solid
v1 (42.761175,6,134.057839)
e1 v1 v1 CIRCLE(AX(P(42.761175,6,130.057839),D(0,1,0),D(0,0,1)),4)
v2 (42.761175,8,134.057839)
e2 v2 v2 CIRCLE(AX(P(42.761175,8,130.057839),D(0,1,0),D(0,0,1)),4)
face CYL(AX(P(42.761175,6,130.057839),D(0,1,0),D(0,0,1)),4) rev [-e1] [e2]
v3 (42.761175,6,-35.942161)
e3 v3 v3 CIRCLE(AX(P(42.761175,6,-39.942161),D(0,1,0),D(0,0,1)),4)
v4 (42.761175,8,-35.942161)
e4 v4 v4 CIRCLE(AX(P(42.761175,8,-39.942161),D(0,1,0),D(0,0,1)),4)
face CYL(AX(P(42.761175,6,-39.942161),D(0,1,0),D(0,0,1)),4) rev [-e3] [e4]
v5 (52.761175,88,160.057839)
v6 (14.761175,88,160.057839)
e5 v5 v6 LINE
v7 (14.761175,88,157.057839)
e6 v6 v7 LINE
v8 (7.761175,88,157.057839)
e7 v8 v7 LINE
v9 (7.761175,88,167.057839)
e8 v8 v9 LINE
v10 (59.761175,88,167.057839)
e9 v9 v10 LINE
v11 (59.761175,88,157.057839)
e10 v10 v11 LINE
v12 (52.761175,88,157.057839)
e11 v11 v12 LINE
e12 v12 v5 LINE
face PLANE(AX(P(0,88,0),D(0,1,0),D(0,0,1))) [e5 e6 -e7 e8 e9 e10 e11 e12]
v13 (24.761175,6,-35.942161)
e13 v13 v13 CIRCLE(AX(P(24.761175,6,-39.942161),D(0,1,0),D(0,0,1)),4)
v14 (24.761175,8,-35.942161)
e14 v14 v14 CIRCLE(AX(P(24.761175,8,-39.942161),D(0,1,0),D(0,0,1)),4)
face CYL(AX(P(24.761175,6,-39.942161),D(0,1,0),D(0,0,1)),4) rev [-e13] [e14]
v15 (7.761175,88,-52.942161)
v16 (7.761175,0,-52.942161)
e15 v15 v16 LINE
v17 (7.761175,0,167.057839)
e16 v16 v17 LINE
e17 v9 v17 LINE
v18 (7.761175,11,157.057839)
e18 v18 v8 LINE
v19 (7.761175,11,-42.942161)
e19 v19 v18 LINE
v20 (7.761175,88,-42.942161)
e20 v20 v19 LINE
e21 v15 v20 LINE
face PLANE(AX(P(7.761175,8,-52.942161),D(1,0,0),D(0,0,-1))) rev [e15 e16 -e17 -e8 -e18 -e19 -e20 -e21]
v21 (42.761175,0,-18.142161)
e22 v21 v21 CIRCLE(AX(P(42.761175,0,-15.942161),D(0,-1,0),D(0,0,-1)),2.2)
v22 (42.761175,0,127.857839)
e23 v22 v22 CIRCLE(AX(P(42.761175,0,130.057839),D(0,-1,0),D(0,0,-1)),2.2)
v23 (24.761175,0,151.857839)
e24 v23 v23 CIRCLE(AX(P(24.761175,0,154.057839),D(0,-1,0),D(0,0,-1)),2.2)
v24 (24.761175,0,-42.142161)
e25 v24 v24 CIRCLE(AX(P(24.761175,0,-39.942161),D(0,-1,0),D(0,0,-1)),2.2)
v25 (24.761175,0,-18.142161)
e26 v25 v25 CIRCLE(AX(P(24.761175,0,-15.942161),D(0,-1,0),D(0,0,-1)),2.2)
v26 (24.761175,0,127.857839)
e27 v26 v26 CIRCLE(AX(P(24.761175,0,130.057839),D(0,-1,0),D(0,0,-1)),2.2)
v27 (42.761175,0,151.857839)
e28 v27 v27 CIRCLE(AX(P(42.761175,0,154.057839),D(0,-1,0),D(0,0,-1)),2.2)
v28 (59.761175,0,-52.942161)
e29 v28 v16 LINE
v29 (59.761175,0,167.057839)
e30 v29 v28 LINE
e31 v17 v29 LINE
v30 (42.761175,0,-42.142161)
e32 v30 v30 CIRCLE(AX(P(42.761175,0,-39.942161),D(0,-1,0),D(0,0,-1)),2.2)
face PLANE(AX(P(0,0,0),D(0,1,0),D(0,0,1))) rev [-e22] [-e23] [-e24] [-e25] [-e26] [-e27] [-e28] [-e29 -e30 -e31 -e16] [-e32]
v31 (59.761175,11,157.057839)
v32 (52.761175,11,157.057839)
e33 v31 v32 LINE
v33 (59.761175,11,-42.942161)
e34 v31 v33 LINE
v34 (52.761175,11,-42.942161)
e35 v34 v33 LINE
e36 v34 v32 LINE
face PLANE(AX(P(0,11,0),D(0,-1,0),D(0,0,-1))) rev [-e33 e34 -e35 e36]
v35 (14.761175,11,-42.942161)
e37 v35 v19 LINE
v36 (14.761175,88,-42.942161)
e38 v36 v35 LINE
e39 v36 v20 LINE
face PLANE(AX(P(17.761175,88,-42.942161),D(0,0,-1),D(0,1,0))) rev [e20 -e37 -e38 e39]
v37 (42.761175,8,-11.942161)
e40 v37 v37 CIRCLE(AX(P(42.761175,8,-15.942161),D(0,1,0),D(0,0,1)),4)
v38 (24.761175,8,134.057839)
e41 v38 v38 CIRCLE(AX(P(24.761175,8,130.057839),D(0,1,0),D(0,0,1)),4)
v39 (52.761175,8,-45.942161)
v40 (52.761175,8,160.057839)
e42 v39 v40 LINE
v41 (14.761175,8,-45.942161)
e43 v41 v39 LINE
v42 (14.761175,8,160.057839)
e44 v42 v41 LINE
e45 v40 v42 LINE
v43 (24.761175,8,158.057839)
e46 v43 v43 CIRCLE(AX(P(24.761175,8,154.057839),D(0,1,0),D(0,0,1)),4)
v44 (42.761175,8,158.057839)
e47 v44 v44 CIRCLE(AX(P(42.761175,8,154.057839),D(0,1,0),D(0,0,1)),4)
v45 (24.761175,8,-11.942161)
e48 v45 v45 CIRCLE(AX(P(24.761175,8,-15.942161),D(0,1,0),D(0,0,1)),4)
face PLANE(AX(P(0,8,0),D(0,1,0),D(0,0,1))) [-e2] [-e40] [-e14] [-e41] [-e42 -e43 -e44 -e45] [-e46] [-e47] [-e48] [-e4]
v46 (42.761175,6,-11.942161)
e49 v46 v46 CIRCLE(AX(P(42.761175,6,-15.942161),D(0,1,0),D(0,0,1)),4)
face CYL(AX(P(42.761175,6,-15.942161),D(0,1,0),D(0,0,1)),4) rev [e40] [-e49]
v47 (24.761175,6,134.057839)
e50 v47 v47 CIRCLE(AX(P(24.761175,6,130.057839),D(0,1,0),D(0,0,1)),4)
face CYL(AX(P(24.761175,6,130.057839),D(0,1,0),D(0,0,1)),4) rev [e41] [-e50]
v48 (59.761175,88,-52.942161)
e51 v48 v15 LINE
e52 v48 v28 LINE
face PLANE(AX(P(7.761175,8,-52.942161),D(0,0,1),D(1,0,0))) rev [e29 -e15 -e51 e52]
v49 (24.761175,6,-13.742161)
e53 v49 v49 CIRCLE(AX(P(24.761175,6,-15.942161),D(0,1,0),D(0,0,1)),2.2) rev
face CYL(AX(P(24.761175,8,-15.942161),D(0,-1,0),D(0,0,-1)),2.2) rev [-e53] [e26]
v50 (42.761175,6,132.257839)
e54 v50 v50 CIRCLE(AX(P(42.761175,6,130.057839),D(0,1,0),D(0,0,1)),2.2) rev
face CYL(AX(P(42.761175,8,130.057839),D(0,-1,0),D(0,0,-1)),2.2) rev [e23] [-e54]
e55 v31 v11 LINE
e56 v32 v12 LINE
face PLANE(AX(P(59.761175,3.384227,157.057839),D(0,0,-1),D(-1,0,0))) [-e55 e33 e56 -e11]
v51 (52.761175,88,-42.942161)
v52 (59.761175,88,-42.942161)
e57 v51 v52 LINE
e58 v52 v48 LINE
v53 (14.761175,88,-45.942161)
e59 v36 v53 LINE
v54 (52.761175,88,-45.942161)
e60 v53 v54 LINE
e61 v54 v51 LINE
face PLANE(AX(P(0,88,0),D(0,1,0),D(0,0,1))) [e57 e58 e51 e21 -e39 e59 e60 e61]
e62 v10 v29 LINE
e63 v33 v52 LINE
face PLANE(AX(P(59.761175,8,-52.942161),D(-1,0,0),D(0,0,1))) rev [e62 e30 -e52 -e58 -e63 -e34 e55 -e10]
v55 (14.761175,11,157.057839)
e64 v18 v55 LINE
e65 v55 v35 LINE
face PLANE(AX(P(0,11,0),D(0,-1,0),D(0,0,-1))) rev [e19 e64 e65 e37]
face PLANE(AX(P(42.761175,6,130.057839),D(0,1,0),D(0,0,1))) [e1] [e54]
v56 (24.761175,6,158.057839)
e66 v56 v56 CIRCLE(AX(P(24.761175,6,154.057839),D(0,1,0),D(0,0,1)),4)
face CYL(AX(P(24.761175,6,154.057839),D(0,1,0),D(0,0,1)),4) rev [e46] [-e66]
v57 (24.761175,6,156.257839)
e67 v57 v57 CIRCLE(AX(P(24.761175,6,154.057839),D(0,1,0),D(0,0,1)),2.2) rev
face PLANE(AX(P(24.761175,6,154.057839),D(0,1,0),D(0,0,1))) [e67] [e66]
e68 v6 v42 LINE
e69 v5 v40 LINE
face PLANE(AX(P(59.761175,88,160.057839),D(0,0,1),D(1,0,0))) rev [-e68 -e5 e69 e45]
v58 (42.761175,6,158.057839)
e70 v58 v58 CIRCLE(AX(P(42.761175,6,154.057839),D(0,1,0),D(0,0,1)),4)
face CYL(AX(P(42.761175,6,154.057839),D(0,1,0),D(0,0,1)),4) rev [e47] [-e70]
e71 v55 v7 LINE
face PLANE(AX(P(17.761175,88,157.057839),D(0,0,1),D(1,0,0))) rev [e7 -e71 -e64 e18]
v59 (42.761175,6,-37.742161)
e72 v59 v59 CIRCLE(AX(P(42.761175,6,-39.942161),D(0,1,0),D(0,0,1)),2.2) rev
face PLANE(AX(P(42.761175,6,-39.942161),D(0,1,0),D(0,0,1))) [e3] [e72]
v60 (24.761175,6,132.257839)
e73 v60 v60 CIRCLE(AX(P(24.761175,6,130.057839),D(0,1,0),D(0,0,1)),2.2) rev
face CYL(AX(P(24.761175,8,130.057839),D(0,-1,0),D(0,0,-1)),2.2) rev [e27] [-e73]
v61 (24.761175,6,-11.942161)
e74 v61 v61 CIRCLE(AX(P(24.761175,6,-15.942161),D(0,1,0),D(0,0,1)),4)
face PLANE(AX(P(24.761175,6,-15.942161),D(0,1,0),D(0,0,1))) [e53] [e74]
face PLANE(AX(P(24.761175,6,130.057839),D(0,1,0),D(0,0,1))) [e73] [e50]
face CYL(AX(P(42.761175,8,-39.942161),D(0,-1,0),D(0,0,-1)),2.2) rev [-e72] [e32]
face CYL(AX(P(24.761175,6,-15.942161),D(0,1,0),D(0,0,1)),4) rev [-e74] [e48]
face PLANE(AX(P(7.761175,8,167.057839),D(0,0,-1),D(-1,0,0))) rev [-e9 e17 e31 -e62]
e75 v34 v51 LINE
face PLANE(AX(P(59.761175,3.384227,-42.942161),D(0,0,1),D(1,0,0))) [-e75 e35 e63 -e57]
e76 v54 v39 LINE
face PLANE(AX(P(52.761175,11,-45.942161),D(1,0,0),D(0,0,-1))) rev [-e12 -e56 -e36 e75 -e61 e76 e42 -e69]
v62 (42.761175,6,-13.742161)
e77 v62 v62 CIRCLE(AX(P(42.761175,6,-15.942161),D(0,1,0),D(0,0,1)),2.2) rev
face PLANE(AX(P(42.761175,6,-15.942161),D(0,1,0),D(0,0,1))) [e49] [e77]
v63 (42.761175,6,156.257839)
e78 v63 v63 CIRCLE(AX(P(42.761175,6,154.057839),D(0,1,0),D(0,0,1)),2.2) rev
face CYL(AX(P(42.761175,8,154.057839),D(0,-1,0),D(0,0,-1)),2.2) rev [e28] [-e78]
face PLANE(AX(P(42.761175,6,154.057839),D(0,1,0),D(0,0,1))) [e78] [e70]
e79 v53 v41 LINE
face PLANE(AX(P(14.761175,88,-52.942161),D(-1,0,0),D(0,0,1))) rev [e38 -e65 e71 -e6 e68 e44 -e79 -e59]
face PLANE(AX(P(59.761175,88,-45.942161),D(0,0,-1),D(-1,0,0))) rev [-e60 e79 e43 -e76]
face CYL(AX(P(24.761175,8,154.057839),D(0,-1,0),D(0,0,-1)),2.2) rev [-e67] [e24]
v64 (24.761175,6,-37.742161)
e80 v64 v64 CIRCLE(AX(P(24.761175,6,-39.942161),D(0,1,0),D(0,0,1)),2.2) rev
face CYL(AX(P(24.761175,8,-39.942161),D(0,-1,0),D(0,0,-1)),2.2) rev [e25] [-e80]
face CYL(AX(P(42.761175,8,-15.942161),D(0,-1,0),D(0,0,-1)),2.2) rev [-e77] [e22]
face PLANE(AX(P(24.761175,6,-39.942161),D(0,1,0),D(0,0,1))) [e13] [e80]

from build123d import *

# Parameters (mm, degrees)
SKETCH1_W           = 52
SKETCH1_H           = 220
BOSS_EXTRUDE1_DEPTH = 8
SKETCH2_W           = 7
SKETCH2_H           = 220
BOSS_EXTRUDE2_DEPTH = 80
SKETCH3_W           = 45
SKETCH3_H           = 7
BOSS_EXTRUDE3_DEPTH = 80
SKETCH4_W           = 45
SKETCH4_H           = 7
BOSS_EXTRUDE4_DEPTH = 80
SKETCH8_W           = 200
SKETCH8_H           = 80
CUT_EXTRUDE3_DEPTH  = 10
SKETCH10_R          = 2.2
CUT_EXTRUDE5_DEPTH  = 8
SKETCH11_W          = 7
SKETCH11_H          = 206
SKETCH11_H_2        = 200
BOSS_EXTRUDE6_DEPTH = 3
SKETCH12_W          = 7
SKETCH12_H          = 3
BOSS_EXTRUDE7_DEPTH = 77
SKETCH13_R          = 4
CUT_EXTRUDE6_DEPTH  = 2


with BuildPart() as part:
    # Sketch1 → Boss-Extrude1 (new body)
    with BuildSketch(Plane(origin=(0, 0, 0), x_dir=(1, 0, 0), z_dir=(0, 1, 0))):
        with Locations((33.761174554, -57.057839406)):
            Rectangle(SKETCH1_W, SKETCH1_H)
    extrude(amount=BOSS_EXTRUDE1_DEPTH)

    # Sketch2 → Boss-Extrude2 (add)
    with BuildSketch(Plane(origin=(0, 8, 0), x_dir=(1, 0, 0), z_dir=(0, 1, 0))):
        with Locations((11.261174554, -57.057839406)):
            Rectangle(SKETCH2_W, SKETCH2_H)
    extrude(amount=BOSS_EXTRUDE2_DEPTH)

    # Sketch3 → Boss-Extrude3 (add)
    with BuildSketch(Plane(origin=(0, 8, 0), x_dir=(1, 0, 0), z_dir=(0, 1, 0))):
        with Locations((37.261174554, -163.557839406)):
            Rectangle(SKETCH3_W, SKETCH3_H)
    extrude(amount=BOSS_EXTRUDE3_DEPTH)

    # Sketch4 → Boss-Extrude4 (add)
    with BuildSketch(Plane(origin=(0, 8, 0), x_dir=(1, 0, 0), z_dir=(0, 1, 0))):
        with Locations((37.261174554, 49.442160594)):
            Rectangle(SKETCH4_W, SKETCH4_H)
    extrude(amount=BOSS_EXTRUDE4_DEPTH)

    # Sketch8 → Cut-Extrude3 (cut)
    with BuildSketch(Plane.ZY.offset(-7.761174554)):
        with Locations((57.057839406, 48)):
            Rectangle(SKETCH8_W, SKETCH8_H)
    extrude(amount=-CUT_EXTRUDE3_DEPTH, mode=Mode.SUBTRACT)

    # Sketch10 → Cut-Extrude5 (cut)
    with BuildSketch(Plane.XZ):
        with Locations(Location((24.761174554, 154.057839406, 0), (0, 0, 270))):
            Circle(SKETCH10_R)
        with Locations(Location((42.761174554, 154.057839406, 0), (0, 0, 270))):
            Circle(SKETCH10_R)
        with Locations(Location((42.761174554, 130.057839406, 0), (0, 0, 270))):
            Circle(SKETCH10_R)
        with Locations(Location((24.761174554, 130.057839406, 0), (0, 0, 270))):
            Circle(SKETCH10_R)
        with Locations(Location((24.761174554, -15.942160594, 0), (0, 0, 270))):
            Circle(SKETCH10_R)
        with Locations(Location((42.761174554, -15.942160594, 0), (0, 0, 270))):
            Circle(SKETCH10_R)
        with Locations(Location((42.761174554, -39.942160594, 0), (0, 0, 270))):
            Circle(SKETCH10_R)
        with Locations(Location((24.761174554, -39.942160594, 0), (0, 0, 270))):
            Circle(SKETCH10_R)
    extrude(amount=-CUT_EXTRUDE5_DEPTH, mode=Mode.SUBTRACT)

    # Sketch11 → Boss-Extrude6 (add)
    with BuildSketch(Plane(origin=(0, 8, 0), x_dir=(1, 0, 0), z_dir=(0, 1, 0))):
        with Locations((56.261174554, -57.057839406)):
            Rectangle(SKETCH11_W, SKETCH11_H)
        with Locations((11.261174554, -57.057839406)):
            Rectangle(SKETCH11_W, SKETCH11_H_2)
    extrude(amount=BOSS_EXTRUDE6_DEPTH)

    # Sketch12 → Boss-Extrude7 (add)
    with BuildSketch(Plane(origin=(0, 88, 0), x_dir=(1, 0, 0), z_dir=(0, 1, 0))):
        with Locations((56.261174554, 44.442160594)):
            Rectangle(SKETCH12_W, SKETCH12_H)
        with Locations((56.261174554, -158.557839406)):
            Rectangle(SKETCH12_W, SKETCH12_H)
    extrude(amount=-BOSS_EXTRUDE7_DEPTH)

    # Sketch13 → Cut-Extrude6 (cut)
    with BuildSketch(Plane(origin=(0, 8, 0), x_dir=(1, 0, 0), z_dir=(0, 1, 0))):
        with Locations(Location((42.761174554, -154.057839406, 0), (0, 0, 270))):
            Circle(SKETCH13_R)
        with Locations(Location((24.761174554, -154.057839406, 0), (0, 0, 270))):
            Circle(SKETCH13_R)
        with Locations(Location((24.761174554, -130.057839406, 0), (0, 0, 270))):
            Circle(SKETCH13_R)
        with Locations(Location((42.761174554, -130.057839406, 0), (0, 0, 270))):
            Circle(SKETCH13_R)
        with Locations(Location((42.761174554, 15.942160594, 0), (0, 0, 270))):
            Circle(SKETCH13_R)
        with Locations(Location((24.761174554, 15.942160594, 0), (0, 0, 270))):
            Circle(SKETCH13_R)
        with Locations(Location((24.761174554, 39.942160594, 0), (0, 0, 270))):
            Circle(SKETCH13_R)
        with Locations(Location((42.761174554, 39.942160594, 0), (0, 0, 270))):
            Circle(SKETCH13_R)
    extrude(amount=-CUT_EXTRUDE6_DEPTH, mode=Mode.SUBTRACT)


solid = part.part
